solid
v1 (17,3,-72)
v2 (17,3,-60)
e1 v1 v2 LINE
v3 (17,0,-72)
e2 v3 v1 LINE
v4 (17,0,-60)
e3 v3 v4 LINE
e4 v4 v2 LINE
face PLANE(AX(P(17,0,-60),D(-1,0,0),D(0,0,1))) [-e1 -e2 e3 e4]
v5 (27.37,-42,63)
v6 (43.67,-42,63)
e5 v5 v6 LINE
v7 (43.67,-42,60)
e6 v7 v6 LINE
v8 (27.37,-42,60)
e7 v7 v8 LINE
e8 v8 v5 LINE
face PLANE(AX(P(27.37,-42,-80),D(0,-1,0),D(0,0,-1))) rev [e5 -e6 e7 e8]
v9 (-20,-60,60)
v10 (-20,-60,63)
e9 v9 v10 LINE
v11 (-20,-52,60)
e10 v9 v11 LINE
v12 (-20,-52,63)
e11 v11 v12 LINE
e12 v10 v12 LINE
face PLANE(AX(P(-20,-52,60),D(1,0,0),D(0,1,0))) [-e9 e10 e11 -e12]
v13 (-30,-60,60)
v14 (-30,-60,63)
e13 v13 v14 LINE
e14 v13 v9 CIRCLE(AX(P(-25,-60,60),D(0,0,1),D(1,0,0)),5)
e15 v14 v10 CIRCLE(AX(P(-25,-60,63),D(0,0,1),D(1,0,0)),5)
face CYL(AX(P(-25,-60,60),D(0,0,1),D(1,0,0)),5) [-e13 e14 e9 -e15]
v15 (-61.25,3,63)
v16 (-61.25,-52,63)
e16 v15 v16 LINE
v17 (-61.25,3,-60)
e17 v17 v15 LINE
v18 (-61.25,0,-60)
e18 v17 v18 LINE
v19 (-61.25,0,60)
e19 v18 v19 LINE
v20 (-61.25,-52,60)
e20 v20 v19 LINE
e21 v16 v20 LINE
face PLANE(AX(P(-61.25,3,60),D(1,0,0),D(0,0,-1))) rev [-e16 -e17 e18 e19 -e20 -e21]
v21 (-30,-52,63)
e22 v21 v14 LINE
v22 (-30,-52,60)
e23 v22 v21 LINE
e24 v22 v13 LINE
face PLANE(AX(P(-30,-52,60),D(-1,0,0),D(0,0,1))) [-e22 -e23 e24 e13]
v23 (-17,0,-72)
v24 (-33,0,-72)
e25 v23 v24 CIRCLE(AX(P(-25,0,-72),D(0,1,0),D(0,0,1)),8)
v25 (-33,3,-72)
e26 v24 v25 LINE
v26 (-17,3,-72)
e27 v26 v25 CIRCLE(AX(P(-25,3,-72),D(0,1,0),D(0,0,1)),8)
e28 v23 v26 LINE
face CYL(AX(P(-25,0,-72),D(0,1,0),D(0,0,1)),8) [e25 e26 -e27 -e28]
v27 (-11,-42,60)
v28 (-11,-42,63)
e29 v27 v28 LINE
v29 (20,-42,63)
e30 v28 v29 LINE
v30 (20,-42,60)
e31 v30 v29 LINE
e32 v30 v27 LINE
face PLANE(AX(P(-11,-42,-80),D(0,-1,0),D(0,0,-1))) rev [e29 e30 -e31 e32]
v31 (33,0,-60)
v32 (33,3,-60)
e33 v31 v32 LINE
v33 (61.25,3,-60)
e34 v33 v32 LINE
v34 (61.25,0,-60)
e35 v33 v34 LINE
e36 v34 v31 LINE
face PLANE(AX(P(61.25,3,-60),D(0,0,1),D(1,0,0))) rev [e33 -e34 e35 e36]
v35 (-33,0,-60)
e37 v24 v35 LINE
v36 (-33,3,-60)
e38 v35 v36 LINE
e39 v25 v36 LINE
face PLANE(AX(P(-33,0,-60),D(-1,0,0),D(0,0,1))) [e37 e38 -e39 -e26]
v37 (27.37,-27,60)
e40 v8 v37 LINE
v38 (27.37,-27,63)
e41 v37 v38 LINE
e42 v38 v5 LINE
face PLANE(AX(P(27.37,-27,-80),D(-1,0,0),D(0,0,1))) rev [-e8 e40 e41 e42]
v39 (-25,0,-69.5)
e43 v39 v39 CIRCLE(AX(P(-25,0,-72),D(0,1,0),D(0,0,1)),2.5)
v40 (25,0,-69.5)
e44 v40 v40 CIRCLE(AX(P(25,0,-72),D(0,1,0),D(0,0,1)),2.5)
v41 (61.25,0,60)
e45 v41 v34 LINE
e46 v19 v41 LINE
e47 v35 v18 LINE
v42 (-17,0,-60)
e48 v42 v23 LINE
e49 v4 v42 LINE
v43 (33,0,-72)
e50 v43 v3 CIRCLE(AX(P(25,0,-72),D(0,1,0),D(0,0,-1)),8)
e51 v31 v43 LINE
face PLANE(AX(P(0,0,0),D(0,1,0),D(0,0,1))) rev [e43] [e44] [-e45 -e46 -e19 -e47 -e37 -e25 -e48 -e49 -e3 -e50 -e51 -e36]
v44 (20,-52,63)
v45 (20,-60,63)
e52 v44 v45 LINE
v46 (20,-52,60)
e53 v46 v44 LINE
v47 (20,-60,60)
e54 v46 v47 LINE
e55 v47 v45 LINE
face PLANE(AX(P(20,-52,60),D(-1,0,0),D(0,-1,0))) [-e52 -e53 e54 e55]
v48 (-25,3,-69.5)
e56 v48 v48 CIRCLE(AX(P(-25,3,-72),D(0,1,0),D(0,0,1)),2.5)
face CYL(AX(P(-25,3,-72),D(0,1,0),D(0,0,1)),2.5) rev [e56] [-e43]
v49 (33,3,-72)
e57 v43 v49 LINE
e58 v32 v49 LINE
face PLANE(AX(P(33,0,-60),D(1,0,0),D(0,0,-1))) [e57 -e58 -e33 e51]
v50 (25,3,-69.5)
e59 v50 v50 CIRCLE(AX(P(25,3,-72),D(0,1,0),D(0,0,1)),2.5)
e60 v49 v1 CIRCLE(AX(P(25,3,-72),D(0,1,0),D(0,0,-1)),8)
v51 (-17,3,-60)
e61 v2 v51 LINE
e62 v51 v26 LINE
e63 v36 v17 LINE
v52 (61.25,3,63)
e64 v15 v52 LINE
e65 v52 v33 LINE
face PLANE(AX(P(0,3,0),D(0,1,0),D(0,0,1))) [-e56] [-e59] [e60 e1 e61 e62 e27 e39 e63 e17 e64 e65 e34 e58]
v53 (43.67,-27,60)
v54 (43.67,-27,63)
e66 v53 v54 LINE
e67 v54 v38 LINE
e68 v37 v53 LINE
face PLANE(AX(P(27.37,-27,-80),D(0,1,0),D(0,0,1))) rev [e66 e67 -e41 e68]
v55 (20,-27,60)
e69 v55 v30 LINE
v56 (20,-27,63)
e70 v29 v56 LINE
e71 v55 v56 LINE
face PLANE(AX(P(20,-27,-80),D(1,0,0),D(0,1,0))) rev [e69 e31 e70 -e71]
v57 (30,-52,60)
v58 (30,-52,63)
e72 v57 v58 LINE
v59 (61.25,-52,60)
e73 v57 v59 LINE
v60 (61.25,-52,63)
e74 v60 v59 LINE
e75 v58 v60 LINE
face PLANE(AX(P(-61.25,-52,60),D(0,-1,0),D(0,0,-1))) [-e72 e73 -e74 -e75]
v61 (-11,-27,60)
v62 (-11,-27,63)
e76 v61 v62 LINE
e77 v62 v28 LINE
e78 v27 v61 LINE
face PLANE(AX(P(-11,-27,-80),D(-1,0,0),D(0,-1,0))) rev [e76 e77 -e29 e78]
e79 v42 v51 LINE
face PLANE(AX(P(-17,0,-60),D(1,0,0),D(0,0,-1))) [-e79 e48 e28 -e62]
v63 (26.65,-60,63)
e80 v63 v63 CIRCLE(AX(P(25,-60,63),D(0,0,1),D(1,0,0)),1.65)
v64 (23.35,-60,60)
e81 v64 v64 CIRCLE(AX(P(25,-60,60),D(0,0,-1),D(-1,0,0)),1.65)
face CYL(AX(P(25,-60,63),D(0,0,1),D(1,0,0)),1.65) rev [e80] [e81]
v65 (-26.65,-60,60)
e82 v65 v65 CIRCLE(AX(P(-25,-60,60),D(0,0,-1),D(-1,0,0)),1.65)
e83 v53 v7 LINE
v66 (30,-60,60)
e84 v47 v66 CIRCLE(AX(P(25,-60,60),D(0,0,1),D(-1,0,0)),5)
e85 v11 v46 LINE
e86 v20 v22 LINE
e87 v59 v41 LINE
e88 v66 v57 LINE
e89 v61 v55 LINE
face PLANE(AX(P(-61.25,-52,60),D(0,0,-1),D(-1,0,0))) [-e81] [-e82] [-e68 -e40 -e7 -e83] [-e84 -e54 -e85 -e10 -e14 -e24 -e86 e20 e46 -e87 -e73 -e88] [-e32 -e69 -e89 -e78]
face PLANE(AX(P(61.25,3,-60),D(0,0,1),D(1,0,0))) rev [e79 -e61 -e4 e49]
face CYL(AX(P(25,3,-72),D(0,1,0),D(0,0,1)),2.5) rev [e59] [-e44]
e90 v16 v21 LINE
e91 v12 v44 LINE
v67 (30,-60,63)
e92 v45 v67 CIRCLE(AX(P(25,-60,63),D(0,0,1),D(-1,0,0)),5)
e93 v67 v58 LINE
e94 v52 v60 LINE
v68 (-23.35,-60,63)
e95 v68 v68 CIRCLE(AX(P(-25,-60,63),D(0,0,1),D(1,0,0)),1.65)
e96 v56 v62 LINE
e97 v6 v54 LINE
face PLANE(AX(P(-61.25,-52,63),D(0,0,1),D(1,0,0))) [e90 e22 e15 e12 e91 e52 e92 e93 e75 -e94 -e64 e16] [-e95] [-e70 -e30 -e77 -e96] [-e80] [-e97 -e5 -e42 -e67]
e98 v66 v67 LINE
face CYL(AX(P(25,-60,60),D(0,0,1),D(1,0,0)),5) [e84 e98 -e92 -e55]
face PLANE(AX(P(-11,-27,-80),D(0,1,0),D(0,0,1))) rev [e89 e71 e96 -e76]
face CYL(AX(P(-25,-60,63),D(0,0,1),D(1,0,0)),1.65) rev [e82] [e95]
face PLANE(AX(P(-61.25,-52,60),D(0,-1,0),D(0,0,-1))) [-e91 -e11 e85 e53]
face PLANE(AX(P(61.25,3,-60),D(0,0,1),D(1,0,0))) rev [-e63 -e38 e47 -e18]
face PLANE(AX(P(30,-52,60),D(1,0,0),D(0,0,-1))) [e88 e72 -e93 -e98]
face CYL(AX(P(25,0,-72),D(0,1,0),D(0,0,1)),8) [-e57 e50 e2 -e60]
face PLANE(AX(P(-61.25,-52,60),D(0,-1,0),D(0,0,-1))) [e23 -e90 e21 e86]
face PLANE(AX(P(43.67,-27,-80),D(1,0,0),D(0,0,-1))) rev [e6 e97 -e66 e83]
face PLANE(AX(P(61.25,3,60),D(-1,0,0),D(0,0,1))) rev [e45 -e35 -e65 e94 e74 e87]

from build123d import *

# Parameters (mm, degrees)
SKETCH_1_W           = 122.5
SKETCH_1_H           = 120
EXTRUDE_1_DEPTH      = 3
EXTRUDE_2_DEPTH      = 61.25
EXTRUDE_2_DEPTH_BACK = 61.25
SKETCH_5_W           = 3
SKETCH_5_H           = 55
EXTRUDE_3_DEPTH      = 3
HOLE_WIZARD_M6_1_D   = 5
EXTRUDE_4_DEPTH      = 3
HOLE_WIZARD_M4_3_D   = 3.3
SKETCH_29_W          = 31
SKETCH_29_H          = 15
SKETCH_29_W_2        = 16.3
CUT_EXTRUDE_1_DEPTH  = 169.59882117


with BuildPart() as part:
    # 草图1 → 凸台-拉伸1 (new body)
    with BuildSketch(Plane(origin=(0, 0, 0), x_dir=(1, 0, 0), z_dir=(0, 1, 0))):
        Rectangle(SKETCH_1_W, SKETCH_1_H)
    extrude(amount=EXTRUDE_1_DEPTH)

    # 草图5 → 凸台-拉伸2 (add, two sides: drawn at the far end of the back side and taken through both)
    with BuildSketch(Plane(origin=(0, 0, 0), x_dir=(0, 0, -1), z_dir=(1, 0, 0)).offset(-EXTRUDE_2_DEPTH_BACK)):
        with Locations((-61.5, -24.5)):
            Rectangle(SKETCH_5_W, SKETCH_5_H)
    extrude(amount=EXTRUDE_2_DEPTH + EXTRUDE_2_DEPTH_BACK)

    # 草图23 → 凸台-拉伸3 (add)
    with BuildSketch(Plane(origin=(0, 3, 0), x_dir=(1, 0, 0), z_dir=(0, 1, 0))):
        with BuildLine():
            Line((17, 60), (33, 60))
            Line((33, 60), (33, 72))
            ThreePointArc((33, 72), (25, 80), (17, 72))
            Line((17, 72), (17, 60))
        make_face()
        with BuildLine():
            Line((-17, 60), (-17, 72))
            ThreePointArc((-17, 72), (-25, 80), (-33, 72))
            Line((-33, 72), (-33, 60))
            Line((-33, 60), (-17, 60))
        make_face()
    extrude(amount=-EXTRUDE_3_DEPTH)

    # M6 螺纹孔1 (through all)
    with Locations(Plane(origin=(0, 3, 0), x_dir=(1, 0, 0), z_dir=(0, 1, 0))):
        with Locations((-25, 72), (25, 72)):
            Hole(HOLE_WIZARD_M6_1_D / 2)

    # 草图26 → 凸台-拉伸4 (add)
    with BuildSketch(Plane.XY.offset(63)):
        with BuildLine():
            Line((-30, -52), (-20, -52))
            Line((-20, -52), (-20, -60))
            ThreePointArc((-20, -60), (-25, -65), (-30, -60))
            Line((-30, -60), (-30, -52))
        make_face()
        with BuildLine():
            Line((30, -52), (20, -52))
            Line((20, -52), (20, -60))
            ThreePointArc((20, -60), (25, -65), (30, -60))
            Line((30, -60), (30, -52))
        make_face()
    extrude(amount=-EXTRUDE_4_DEPTH)

    # M4 螺纹孔3 (through all)
    with Locations(Plane.XY.offset(63)):
        with Locations((-25, -60)):
            hole_wizard_m4_3 = Hole(HOLE_WIZARD_M4_3_D / 2)

    # 镜向8: M4 螺纹孔3 across plane
    add(hole_wizard_m4_3.mirror(Plane(origin=(0, 0, 0), x_dir=(0, 0, 1), z_dir=(1, 0, 0))), mode=Mode.SUBTRACT)

    # 草图29 → 切除-拉伸1 (cut, through all)
    with BuildSketch(Plane.XY.offset(63)):
        with Locations((4.5, -34.5)):
            Rectangle(SKETCH_29_W, SKETCH_29_H)
        with Locations((35.52, -34.5)):
            Rectangle(SKETCH_29_W_2, SKETCH_29_H)
    extrude(amount=-CUT_EXTRUDE_1_DEPTH, mode=Mode.SUBTRACT)


solid = part.part
